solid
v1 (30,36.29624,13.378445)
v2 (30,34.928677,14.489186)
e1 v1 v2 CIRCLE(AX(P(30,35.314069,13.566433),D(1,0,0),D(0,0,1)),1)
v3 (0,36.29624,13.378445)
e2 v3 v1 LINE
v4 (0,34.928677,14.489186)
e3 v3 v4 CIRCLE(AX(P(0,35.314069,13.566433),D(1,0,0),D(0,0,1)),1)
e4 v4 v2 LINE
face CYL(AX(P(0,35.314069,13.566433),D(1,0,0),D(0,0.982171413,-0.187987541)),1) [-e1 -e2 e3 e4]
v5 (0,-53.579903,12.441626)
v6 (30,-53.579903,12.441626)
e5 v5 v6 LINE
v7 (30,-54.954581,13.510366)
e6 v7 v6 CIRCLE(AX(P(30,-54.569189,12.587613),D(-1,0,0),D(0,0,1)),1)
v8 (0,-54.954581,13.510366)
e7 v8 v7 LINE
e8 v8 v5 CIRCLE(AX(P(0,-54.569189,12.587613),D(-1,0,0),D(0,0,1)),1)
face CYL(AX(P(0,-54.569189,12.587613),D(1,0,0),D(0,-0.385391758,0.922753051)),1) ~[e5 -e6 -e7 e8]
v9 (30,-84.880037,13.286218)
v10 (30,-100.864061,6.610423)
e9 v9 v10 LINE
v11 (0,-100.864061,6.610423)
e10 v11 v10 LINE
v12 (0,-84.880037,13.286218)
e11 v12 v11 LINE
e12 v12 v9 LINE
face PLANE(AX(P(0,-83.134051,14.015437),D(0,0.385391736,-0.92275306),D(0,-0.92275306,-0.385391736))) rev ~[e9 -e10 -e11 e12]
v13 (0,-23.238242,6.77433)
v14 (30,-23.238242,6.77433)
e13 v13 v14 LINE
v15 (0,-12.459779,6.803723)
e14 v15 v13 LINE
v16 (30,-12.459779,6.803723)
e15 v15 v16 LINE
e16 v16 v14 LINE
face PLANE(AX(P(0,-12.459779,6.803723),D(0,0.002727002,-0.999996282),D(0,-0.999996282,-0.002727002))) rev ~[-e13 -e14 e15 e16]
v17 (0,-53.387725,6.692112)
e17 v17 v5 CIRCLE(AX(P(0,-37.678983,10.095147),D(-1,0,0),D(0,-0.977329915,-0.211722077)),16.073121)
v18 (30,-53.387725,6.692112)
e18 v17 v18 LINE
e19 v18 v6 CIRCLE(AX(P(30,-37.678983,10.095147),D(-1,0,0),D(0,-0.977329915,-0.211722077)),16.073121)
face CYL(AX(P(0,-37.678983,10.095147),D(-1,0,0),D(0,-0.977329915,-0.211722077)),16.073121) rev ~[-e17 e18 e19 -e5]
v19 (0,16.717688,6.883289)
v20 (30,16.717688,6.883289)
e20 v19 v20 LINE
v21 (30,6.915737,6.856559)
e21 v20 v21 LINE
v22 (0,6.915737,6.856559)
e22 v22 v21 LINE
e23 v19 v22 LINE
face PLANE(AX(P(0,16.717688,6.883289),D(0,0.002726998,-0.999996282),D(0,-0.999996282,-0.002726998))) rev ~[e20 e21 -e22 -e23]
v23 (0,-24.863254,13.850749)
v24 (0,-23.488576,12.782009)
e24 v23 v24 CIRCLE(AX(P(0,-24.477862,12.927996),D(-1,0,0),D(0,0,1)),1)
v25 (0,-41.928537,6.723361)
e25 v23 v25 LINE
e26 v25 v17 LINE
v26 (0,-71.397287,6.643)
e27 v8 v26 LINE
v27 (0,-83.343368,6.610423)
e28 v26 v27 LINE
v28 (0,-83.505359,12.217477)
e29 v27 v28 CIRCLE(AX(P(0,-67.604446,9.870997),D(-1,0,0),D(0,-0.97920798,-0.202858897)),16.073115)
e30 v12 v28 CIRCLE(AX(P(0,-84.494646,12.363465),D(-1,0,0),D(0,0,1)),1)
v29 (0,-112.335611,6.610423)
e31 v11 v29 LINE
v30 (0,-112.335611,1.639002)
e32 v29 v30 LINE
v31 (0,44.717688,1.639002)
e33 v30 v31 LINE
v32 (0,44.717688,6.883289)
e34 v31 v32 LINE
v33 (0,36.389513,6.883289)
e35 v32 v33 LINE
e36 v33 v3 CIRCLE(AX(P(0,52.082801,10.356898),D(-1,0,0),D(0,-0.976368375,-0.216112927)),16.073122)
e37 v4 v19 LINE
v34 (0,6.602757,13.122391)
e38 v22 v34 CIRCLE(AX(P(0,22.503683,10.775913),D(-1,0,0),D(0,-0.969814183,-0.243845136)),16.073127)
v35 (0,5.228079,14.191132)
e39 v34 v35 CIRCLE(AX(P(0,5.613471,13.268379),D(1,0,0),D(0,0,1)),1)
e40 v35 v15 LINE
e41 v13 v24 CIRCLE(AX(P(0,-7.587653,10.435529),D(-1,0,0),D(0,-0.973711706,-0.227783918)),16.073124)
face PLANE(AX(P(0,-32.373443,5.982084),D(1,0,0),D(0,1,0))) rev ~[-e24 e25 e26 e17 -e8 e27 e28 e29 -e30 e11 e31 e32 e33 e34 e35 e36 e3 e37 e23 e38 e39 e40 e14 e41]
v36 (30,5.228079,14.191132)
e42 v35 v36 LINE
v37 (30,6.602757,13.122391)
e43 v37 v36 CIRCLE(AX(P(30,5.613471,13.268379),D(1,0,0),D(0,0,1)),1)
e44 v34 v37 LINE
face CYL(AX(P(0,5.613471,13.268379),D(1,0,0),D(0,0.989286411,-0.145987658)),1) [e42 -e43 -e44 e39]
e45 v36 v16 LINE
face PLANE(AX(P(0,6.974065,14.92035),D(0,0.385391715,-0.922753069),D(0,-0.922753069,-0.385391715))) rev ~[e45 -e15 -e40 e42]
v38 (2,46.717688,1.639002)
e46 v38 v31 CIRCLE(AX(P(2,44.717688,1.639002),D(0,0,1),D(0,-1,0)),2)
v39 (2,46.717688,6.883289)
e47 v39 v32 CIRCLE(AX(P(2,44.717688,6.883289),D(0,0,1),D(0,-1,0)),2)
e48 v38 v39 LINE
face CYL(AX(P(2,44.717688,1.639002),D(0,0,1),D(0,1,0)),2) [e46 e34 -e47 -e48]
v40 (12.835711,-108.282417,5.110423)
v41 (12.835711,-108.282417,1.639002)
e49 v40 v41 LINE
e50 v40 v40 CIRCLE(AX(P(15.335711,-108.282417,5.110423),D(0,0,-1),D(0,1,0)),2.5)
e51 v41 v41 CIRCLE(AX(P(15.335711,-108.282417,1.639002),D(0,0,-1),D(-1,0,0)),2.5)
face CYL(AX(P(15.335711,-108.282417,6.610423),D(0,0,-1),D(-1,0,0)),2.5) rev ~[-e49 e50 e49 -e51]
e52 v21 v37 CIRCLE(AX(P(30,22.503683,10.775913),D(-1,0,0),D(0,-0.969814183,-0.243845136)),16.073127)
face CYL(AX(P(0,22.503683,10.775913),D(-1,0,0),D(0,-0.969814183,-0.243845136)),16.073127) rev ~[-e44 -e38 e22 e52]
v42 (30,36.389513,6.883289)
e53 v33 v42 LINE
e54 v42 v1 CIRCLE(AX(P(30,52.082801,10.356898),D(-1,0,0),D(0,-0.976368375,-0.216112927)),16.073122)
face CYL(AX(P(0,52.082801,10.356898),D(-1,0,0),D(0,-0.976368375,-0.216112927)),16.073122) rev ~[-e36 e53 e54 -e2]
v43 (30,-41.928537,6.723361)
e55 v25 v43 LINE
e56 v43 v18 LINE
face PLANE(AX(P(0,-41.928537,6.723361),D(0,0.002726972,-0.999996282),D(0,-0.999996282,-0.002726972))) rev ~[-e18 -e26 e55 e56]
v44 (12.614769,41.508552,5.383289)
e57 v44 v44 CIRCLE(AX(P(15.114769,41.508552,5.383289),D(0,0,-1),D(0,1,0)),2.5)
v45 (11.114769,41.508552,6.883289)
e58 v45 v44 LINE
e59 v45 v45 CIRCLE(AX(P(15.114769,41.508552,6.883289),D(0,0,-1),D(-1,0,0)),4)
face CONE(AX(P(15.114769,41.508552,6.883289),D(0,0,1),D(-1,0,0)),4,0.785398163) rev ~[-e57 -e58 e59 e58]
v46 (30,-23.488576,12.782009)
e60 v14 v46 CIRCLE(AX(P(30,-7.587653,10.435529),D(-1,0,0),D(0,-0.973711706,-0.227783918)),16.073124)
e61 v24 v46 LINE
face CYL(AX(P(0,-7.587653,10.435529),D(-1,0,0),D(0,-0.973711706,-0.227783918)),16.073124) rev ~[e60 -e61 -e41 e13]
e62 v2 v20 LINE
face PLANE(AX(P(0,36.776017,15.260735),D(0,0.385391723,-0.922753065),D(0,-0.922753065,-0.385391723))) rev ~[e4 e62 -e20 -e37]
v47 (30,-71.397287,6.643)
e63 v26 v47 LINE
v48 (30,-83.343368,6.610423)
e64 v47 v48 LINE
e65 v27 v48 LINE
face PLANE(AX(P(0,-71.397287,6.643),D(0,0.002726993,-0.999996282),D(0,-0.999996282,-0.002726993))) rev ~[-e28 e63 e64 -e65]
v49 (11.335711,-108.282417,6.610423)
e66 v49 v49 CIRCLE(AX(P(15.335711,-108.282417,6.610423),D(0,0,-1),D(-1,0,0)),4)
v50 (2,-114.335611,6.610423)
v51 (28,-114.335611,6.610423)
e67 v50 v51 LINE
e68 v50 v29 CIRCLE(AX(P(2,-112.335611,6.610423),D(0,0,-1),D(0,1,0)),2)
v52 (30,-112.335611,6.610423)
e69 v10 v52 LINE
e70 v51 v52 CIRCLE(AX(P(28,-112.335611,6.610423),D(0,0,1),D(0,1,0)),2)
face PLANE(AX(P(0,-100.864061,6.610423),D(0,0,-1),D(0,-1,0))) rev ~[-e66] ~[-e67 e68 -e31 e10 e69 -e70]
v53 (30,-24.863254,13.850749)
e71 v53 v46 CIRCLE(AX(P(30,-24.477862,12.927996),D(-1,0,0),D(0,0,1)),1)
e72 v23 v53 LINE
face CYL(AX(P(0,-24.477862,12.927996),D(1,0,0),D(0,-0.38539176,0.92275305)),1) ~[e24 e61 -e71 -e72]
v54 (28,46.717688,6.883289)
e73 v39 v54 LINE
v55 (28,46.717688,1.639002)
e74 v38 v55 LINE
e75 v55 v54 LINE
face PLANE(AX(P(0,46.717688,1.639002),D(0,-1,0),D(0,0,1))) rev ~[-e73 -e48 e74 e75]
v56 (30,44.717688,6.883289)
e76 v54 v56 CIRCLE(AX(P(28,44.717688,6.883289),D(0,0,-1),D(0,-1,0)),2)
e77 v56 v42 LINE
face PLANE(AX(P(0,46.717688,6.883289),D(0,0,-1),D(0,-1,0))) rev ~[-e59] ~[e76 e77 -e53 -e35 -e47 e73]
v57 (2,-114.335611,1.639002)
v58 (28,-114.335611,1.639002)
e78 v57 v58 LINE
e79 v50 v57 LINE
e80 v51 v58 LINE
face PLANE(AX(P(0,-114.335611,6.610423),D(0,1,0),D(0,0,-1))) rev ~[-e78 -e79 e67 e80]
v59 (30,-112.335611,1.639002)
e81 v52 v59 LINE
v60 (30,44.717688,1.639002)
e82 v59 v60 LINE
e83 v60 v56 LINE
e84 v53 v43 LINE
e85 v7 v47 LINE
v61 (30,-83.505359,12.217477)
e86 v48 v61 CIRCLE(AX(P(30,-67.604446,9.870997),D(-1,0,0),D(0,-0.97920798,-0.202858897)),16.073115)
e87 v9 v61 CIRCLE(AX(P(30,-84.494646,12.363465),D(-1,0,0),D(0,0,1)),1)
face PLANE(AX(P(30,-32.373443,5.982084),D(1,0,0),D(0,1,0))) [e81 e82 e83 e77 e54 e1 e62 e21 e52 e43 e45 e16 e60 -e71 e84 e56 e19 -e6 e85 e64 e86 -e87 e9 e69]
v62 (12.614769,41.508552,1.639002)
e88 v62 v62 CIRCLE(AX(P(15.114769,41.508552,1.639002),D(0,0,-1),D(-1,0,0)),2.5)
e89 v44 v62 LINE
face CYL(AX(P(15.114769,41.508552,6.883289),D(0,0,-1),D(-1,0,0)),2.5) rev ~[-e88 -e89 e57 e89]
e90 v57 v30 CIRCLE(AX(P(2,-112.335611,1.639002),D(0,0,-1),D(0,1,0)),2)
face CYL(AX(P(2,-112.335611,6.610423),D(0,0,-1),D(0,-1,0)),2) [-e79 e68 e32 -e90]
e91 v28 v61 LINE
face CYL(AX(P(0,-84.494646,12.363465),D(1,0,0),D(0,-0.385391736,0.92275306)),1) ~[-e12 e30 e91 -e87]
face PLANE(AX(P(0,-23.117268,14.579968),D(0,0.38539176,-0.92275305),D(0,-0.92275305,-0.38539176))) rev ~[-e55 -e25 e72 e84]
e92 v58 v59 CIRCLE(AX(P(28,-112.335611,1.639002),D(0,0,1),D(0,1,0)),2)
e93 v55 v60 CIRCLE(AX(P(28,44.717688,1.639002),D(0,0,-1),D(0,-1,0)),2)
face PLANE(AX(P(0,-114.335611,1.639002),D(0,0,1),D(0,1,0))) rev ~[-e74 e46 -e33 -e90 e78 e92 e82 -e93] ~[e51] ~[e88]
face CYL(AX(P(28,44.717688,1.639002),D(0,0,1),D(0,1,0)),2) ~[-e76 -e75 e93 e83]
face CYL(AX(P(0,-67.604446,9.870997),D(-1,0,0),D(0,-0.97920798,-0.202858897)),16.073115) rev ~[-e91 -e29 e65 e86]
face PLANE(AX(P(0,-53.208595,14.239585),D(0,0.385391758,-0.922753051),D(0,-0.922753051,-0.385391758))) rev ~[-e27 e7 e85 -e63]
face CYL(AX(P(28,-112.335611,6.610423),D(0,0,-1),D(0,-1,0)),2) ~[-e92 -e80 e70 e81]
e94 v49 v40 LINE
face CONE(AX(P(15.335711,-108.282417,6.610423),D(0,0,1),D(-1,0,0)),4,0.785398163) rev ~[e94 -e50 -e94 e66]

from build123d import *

# Parameters (mm, degrees)
F1_DEPTH       = 30
F2_R           = 2
F3_R           = 1
F5_D           = 5
F5_CSINK_D     = 8
F5_CSINK_ANGLE = 90
F7_D           = 5
F7_CSINK_D     = 8
F7_CSINK_ANGLE = 90


with BuildPart() as f1:
    # F0 (on Right) → F1 (new body)
    with BuildSketch(Plane.YZ):
        with BuildLine():
            Line((-114.335611, 1.639002), (-103.282312, 1.639002))
            Line((-103.282312, 1.639002), (-103.19238, 1.639002))
            Line((-103.19238, 1.639002), (36.717688, 1.639002))
            Line((36.717688, 1.639002), (46.717688, 1.639002))
            Line((46.717688, 1.639002), (46.717688, 5.639002))
            Line((46.717688, 5.639002), (46.717688, 6.883289))
            Line((46.717688, 6.883289), (36.389513, 6.883289))
            ThreePointArc((36.389513, 6.883289), (36.026758, 11.097664), (36.776017, 15.260735))
            Line((36.776017, 15.260735), (16.717688, 6.883289))
            Line((16.717688, 6.883289), (6.915737, 6.856559))
            ThreePointArc((6.915737, 6.856559), (6.430977, 10.892172), (6.974065, 14.92035))
            Line((6.974065, 14.92035), (-12.459779, 6.803723))
            Line((-12.459779, 6.803723), (-23.238242, 6.77433))
            ThreePointArc((-23.238242, 6.77433), (-23.658847, 10.684605), (-23.117268, 14.579968))
            Line((-23.117268, 14.579968), (-41.928537, 6.723361))
            Line((-41.928537, 6.723361), (-53.387725, 6.692112))
            ThreePointArc((-53.387725, 6.692112), (-53.747579, 10.476515), (-53.208595, 14.239585))
            Line((-53.208595, 14.239585), (-71.397287, 6.643))
            Line((-71.397287, 6.643), (-83.343368, 6.610423))
            ThreePointArc((-83.343368, 6.610423), (-83.671143, 10.325154), (-83.134051, 14.015437))
            Line((-83.134051, 14.015437), (-100.864061, 6.610423))
            Line((-100.864061, 6.610423), (-114.335611, 6.610423))
            Line((-114.335611, 6.610423), (-114.335611, 1.639002))
        make_face()
    extrude(amount=F1_DEPTH)

    # F2
    f2_edges = [f1.edges().sort_by_distance(p)[0] for p in [
        (0, -114.335611, 4.124713),
        (30, -114.335611, 4.124713),
        (0, 46.717688, 4.261146),
        (30, 46.717688, 4.261146),
    ]]
    fillet(f2_edges, radius=F2_R)

    # F3
    f3_edges = [f1.edges().sort_by_distance(p)[0] for p in [
        (15, 36.776017, 15.260735),
        (15, 6.974065, 14.92035),
        (15, -23.117268, 14.579968),
        (15, -53.208595, 14.239585),
        (15, -83.134051, 14.015437),
    ]]
    fillet(f3_edges, radius=F3_R)

    # F5 (through all)
    with Locations(Plane.XY.offset(6.610423)):
        with Locations((15.335711, -108.282417)):
            CounterSinkHole(F5_D / 2, F5_CSINK_D / 2, counter_sink_angle=F5_CSINK_ANGLE)

    # F7 (through all)
    with Locations(Plane.XY.offset(6.883289)):
        with Locations((15.114769, 41.508552)):
            CounterSinkHole(F7_D / 2, F7_CSINK_D / 2, counter_sink_angle=F7_CSINK_ANGLE)


solid = f1.part
